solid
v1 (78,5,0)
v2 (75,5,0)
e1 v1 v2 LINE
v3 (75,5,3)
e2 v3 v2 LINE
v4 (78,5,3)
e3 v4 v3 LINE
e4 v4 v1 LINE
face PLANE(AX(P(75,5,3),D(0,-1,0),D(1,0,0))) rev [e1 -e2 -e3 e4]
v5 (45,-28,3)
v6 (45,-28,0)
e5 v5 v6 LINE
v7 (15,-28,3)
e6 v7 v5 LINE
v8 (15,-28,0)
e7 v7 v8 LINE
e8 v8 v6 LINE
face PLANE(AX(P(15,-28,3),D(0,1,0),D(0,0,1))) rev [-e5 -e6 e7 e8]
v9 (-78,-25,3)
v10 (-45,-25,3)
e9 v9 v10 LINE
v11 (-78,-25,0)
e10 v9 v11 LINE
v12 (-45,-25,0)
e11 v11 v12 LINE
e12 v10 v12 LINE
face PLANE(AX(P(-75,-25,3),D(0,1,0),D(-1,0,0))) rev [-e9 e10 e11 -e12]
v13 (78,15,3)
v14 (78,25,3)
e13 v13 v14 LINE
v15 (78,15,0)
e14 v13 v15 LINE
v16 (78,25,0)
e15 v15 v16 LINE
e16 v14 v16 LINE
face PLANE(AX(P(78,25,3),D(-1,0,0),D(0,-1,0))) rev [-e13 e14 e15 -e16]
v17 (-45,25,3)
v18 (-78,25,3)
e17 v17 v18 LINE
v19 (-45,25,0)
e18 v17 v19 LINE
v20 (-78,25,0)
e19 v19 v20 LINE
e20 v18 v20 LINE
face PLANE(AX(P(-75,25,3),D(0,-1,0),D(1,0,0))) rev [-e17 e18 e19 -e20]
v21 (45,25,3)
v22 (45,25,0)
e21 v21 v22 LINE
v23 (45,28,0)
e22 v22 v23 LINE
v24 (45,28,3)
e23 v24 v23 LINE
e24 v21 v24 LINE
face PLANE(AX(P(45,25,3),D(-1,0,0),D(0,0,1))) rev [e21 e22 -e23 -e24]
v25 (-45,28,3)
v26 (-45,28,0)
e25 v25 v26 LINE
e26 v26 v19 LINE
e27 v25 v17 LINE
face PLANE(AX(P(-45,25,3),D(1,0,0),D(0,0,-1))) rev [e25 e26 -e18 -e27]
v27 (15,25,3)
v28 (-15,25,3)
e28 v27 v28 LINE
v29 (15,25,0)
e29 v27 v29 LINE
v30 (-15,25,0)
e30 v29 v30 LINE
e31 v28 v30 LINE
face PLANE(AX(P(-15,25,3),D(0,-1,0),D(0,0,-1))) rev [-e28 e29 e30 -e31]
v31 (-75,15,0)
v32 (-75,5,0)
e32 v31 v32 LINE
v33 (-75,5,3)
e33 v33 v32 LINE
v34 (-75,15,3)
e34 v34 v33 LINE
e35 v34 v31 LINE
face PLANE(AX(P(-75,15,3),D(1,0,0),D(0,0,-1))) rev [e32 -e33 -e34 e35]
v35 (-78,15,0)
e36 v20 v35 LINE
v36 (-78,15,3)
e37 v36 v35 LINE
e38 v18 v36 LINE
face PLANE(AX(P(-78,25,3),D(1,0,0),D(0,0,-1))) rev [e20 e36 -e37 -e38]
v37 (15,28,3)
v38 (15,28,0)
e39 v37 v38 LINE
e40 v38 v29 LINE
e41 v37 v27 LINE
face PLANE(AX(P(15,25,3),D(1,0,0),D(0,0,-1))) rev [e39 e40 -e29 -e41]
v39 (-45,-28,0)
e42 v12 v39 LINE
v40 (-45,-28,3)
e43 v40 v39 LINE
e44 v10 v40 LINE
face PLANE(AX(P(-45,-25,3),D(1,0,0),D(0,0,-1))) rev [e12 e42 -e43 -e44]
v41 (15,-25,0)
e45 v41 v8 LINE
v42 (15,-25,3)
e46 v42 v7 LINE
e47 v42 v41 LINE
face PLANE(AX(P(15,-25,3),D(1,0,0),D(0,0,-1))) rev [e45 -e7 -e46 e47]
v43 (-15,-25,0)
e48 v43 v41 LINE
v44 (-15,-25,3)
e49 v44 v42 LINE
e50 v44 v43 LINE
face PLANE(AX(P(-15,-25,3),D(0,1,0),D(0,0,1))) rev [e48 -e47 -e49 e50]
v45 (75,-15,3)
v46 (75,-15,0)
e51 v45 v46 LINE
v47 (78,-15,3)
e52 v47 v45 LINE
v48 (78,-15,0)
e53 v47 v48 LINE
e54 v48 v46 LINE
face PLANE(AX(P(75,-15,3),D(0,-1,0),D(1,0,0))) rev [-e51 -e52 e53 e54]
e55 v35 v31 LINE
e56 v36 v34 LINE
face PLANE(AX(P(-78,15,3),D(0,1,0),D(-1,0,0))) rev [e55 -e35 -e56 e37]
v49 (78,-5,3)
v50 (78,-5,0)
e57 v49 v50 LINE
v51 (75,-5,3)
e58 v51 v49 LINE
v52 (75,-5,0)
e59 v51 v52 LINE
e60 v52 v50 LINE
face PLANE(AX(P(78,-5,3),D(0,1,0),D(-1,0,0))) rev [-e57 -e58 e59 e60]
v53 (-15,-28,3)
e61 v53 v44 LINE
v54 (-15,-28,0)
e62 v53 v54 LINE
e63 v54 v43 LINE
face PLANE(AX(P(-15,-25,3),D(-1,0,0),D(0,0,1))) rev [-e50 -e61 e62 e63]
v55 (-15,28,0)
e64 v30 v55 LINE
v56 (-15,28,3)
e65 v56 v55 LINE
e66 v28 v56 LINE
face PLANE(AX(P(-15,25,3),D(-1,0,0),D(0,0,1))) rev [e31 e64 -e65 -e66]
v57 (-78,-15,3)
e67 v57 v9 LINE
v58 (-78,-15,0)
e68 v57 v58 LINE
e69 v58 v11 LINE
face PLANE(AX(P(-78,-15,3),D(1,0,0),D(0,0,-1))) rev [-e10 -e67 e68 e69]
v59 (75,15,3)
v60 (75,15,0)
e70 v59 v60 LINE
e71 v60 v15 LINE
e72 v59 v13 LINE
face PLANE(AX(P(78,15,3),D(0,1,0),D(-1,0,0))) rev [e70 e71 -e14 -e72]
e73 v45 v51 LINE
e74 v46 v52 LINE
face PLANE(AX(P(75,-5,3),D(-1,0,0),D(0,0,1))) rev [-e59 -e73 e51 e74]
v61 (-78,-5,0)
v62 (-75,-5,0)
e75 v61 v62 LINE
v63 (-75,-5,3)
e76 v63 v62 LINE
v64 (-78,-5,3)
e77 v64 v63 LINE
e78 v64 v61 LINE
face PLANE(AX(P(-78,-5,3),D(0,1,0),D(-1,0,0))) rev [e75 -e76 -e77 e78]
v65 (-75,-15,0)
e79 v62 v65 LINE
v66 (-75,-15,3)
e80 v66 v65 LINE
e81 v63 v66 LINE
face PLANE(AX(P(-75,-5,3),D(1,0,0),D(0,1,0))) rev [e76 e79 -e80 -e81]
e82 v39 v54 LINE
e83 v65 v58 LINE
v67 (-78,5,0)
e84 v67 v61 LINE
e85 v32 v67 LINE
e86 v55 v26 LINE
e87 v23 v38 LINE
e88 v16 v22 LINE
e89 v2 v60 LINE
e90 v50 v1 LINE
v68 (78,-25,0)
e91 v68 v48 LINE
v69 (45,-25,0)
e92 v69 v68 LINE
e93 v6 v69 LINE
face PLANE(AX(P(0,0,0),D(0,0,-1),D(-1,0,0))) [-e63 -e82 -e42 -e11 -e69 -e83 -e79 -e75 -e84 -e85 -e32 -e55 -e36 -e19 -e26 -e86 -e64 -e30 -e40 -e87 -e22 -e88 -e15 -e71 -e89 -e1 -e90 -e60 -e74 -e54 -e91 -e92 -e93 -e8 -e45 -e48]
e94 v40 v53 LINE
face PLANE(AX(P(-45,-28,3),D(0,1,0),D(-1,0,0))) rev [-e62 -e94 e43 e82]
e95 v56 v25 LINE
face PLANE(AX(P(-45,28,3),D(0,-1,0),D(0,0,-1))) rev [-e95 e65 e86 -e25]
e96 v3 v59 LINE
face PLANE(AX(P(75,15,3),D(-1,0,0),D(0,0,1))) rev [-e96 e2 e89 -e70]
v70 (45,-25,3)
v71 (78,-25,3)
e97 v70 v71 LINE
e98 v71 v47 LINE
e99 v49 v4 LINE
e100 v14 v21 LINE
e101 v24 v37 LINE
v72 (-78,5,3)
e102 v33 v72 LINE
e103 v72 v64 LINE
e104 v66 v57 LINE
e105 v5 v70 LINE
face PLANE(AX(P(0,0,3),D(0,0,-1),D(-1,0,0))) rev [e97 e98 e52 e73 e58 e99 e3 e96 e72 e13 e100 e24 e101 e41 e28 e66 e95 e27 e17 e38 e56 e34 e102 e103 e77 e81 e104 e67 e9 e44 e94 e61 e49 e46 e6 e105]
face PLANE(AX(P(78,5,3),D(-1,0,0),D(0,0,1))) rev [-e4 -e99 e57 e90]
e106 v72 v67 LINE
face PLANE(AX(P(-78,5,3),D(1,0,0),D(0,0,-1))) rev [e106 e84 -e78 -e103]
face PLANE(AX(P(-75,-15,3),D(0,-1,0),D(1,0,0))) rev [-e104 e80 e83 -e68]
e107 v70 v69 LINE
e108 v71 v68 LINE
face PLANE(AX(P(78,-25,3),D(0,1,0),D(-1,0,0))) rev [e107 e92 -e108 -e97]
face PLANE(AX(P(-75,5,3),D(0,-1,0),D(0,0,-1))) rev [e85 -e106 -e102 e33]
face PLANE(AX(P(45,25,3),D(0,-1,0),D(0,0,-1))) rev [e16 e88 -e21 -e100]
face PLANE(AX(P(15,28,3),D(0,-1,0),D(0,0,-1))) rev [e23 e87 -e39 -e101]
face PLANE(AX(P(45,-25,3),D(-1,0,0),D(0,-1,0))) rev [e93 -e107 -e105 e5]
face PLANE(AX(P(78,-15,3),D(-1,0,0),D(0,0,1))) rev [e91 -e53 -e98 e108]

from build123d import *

# Parameters (mm, degrees)
RESSALTO_EXTRUS_O1_DEPTH = 3


with BuildPart() as part:
    # Esboço1 → Ressalto-extrusão1 (new body)
    with BuildSketch(Plane.XY):
        Polygon((45, 25), (75, 25), (78, 25), (78, 15), (75, 15), (75, 5), (78, 5), (78, -5), (75, -5), (75, -15), (78, -15), (78, -25), (75, -25), (45, -25), (45, -28), (15, -28), (15, -25), (-15, -25), (-15, -28), (-45, -28), (-45, -25), (-75, -25), (-78, -25), (-78, -15), (-75, -15), (-75, -5), (-78, -5), (-78, 5), (-75, 5), (-75, 15), (-78, 15), (-78, 25), (-75, 25), (-45, 25), (-45, 28), (-15, 28), (-15, 25), (15, 25), (15, 28), (45, 28), align=None)
    extrude(amount=RESSALTO_EXTRUS_O1_DEPTH)


solid = part.part
